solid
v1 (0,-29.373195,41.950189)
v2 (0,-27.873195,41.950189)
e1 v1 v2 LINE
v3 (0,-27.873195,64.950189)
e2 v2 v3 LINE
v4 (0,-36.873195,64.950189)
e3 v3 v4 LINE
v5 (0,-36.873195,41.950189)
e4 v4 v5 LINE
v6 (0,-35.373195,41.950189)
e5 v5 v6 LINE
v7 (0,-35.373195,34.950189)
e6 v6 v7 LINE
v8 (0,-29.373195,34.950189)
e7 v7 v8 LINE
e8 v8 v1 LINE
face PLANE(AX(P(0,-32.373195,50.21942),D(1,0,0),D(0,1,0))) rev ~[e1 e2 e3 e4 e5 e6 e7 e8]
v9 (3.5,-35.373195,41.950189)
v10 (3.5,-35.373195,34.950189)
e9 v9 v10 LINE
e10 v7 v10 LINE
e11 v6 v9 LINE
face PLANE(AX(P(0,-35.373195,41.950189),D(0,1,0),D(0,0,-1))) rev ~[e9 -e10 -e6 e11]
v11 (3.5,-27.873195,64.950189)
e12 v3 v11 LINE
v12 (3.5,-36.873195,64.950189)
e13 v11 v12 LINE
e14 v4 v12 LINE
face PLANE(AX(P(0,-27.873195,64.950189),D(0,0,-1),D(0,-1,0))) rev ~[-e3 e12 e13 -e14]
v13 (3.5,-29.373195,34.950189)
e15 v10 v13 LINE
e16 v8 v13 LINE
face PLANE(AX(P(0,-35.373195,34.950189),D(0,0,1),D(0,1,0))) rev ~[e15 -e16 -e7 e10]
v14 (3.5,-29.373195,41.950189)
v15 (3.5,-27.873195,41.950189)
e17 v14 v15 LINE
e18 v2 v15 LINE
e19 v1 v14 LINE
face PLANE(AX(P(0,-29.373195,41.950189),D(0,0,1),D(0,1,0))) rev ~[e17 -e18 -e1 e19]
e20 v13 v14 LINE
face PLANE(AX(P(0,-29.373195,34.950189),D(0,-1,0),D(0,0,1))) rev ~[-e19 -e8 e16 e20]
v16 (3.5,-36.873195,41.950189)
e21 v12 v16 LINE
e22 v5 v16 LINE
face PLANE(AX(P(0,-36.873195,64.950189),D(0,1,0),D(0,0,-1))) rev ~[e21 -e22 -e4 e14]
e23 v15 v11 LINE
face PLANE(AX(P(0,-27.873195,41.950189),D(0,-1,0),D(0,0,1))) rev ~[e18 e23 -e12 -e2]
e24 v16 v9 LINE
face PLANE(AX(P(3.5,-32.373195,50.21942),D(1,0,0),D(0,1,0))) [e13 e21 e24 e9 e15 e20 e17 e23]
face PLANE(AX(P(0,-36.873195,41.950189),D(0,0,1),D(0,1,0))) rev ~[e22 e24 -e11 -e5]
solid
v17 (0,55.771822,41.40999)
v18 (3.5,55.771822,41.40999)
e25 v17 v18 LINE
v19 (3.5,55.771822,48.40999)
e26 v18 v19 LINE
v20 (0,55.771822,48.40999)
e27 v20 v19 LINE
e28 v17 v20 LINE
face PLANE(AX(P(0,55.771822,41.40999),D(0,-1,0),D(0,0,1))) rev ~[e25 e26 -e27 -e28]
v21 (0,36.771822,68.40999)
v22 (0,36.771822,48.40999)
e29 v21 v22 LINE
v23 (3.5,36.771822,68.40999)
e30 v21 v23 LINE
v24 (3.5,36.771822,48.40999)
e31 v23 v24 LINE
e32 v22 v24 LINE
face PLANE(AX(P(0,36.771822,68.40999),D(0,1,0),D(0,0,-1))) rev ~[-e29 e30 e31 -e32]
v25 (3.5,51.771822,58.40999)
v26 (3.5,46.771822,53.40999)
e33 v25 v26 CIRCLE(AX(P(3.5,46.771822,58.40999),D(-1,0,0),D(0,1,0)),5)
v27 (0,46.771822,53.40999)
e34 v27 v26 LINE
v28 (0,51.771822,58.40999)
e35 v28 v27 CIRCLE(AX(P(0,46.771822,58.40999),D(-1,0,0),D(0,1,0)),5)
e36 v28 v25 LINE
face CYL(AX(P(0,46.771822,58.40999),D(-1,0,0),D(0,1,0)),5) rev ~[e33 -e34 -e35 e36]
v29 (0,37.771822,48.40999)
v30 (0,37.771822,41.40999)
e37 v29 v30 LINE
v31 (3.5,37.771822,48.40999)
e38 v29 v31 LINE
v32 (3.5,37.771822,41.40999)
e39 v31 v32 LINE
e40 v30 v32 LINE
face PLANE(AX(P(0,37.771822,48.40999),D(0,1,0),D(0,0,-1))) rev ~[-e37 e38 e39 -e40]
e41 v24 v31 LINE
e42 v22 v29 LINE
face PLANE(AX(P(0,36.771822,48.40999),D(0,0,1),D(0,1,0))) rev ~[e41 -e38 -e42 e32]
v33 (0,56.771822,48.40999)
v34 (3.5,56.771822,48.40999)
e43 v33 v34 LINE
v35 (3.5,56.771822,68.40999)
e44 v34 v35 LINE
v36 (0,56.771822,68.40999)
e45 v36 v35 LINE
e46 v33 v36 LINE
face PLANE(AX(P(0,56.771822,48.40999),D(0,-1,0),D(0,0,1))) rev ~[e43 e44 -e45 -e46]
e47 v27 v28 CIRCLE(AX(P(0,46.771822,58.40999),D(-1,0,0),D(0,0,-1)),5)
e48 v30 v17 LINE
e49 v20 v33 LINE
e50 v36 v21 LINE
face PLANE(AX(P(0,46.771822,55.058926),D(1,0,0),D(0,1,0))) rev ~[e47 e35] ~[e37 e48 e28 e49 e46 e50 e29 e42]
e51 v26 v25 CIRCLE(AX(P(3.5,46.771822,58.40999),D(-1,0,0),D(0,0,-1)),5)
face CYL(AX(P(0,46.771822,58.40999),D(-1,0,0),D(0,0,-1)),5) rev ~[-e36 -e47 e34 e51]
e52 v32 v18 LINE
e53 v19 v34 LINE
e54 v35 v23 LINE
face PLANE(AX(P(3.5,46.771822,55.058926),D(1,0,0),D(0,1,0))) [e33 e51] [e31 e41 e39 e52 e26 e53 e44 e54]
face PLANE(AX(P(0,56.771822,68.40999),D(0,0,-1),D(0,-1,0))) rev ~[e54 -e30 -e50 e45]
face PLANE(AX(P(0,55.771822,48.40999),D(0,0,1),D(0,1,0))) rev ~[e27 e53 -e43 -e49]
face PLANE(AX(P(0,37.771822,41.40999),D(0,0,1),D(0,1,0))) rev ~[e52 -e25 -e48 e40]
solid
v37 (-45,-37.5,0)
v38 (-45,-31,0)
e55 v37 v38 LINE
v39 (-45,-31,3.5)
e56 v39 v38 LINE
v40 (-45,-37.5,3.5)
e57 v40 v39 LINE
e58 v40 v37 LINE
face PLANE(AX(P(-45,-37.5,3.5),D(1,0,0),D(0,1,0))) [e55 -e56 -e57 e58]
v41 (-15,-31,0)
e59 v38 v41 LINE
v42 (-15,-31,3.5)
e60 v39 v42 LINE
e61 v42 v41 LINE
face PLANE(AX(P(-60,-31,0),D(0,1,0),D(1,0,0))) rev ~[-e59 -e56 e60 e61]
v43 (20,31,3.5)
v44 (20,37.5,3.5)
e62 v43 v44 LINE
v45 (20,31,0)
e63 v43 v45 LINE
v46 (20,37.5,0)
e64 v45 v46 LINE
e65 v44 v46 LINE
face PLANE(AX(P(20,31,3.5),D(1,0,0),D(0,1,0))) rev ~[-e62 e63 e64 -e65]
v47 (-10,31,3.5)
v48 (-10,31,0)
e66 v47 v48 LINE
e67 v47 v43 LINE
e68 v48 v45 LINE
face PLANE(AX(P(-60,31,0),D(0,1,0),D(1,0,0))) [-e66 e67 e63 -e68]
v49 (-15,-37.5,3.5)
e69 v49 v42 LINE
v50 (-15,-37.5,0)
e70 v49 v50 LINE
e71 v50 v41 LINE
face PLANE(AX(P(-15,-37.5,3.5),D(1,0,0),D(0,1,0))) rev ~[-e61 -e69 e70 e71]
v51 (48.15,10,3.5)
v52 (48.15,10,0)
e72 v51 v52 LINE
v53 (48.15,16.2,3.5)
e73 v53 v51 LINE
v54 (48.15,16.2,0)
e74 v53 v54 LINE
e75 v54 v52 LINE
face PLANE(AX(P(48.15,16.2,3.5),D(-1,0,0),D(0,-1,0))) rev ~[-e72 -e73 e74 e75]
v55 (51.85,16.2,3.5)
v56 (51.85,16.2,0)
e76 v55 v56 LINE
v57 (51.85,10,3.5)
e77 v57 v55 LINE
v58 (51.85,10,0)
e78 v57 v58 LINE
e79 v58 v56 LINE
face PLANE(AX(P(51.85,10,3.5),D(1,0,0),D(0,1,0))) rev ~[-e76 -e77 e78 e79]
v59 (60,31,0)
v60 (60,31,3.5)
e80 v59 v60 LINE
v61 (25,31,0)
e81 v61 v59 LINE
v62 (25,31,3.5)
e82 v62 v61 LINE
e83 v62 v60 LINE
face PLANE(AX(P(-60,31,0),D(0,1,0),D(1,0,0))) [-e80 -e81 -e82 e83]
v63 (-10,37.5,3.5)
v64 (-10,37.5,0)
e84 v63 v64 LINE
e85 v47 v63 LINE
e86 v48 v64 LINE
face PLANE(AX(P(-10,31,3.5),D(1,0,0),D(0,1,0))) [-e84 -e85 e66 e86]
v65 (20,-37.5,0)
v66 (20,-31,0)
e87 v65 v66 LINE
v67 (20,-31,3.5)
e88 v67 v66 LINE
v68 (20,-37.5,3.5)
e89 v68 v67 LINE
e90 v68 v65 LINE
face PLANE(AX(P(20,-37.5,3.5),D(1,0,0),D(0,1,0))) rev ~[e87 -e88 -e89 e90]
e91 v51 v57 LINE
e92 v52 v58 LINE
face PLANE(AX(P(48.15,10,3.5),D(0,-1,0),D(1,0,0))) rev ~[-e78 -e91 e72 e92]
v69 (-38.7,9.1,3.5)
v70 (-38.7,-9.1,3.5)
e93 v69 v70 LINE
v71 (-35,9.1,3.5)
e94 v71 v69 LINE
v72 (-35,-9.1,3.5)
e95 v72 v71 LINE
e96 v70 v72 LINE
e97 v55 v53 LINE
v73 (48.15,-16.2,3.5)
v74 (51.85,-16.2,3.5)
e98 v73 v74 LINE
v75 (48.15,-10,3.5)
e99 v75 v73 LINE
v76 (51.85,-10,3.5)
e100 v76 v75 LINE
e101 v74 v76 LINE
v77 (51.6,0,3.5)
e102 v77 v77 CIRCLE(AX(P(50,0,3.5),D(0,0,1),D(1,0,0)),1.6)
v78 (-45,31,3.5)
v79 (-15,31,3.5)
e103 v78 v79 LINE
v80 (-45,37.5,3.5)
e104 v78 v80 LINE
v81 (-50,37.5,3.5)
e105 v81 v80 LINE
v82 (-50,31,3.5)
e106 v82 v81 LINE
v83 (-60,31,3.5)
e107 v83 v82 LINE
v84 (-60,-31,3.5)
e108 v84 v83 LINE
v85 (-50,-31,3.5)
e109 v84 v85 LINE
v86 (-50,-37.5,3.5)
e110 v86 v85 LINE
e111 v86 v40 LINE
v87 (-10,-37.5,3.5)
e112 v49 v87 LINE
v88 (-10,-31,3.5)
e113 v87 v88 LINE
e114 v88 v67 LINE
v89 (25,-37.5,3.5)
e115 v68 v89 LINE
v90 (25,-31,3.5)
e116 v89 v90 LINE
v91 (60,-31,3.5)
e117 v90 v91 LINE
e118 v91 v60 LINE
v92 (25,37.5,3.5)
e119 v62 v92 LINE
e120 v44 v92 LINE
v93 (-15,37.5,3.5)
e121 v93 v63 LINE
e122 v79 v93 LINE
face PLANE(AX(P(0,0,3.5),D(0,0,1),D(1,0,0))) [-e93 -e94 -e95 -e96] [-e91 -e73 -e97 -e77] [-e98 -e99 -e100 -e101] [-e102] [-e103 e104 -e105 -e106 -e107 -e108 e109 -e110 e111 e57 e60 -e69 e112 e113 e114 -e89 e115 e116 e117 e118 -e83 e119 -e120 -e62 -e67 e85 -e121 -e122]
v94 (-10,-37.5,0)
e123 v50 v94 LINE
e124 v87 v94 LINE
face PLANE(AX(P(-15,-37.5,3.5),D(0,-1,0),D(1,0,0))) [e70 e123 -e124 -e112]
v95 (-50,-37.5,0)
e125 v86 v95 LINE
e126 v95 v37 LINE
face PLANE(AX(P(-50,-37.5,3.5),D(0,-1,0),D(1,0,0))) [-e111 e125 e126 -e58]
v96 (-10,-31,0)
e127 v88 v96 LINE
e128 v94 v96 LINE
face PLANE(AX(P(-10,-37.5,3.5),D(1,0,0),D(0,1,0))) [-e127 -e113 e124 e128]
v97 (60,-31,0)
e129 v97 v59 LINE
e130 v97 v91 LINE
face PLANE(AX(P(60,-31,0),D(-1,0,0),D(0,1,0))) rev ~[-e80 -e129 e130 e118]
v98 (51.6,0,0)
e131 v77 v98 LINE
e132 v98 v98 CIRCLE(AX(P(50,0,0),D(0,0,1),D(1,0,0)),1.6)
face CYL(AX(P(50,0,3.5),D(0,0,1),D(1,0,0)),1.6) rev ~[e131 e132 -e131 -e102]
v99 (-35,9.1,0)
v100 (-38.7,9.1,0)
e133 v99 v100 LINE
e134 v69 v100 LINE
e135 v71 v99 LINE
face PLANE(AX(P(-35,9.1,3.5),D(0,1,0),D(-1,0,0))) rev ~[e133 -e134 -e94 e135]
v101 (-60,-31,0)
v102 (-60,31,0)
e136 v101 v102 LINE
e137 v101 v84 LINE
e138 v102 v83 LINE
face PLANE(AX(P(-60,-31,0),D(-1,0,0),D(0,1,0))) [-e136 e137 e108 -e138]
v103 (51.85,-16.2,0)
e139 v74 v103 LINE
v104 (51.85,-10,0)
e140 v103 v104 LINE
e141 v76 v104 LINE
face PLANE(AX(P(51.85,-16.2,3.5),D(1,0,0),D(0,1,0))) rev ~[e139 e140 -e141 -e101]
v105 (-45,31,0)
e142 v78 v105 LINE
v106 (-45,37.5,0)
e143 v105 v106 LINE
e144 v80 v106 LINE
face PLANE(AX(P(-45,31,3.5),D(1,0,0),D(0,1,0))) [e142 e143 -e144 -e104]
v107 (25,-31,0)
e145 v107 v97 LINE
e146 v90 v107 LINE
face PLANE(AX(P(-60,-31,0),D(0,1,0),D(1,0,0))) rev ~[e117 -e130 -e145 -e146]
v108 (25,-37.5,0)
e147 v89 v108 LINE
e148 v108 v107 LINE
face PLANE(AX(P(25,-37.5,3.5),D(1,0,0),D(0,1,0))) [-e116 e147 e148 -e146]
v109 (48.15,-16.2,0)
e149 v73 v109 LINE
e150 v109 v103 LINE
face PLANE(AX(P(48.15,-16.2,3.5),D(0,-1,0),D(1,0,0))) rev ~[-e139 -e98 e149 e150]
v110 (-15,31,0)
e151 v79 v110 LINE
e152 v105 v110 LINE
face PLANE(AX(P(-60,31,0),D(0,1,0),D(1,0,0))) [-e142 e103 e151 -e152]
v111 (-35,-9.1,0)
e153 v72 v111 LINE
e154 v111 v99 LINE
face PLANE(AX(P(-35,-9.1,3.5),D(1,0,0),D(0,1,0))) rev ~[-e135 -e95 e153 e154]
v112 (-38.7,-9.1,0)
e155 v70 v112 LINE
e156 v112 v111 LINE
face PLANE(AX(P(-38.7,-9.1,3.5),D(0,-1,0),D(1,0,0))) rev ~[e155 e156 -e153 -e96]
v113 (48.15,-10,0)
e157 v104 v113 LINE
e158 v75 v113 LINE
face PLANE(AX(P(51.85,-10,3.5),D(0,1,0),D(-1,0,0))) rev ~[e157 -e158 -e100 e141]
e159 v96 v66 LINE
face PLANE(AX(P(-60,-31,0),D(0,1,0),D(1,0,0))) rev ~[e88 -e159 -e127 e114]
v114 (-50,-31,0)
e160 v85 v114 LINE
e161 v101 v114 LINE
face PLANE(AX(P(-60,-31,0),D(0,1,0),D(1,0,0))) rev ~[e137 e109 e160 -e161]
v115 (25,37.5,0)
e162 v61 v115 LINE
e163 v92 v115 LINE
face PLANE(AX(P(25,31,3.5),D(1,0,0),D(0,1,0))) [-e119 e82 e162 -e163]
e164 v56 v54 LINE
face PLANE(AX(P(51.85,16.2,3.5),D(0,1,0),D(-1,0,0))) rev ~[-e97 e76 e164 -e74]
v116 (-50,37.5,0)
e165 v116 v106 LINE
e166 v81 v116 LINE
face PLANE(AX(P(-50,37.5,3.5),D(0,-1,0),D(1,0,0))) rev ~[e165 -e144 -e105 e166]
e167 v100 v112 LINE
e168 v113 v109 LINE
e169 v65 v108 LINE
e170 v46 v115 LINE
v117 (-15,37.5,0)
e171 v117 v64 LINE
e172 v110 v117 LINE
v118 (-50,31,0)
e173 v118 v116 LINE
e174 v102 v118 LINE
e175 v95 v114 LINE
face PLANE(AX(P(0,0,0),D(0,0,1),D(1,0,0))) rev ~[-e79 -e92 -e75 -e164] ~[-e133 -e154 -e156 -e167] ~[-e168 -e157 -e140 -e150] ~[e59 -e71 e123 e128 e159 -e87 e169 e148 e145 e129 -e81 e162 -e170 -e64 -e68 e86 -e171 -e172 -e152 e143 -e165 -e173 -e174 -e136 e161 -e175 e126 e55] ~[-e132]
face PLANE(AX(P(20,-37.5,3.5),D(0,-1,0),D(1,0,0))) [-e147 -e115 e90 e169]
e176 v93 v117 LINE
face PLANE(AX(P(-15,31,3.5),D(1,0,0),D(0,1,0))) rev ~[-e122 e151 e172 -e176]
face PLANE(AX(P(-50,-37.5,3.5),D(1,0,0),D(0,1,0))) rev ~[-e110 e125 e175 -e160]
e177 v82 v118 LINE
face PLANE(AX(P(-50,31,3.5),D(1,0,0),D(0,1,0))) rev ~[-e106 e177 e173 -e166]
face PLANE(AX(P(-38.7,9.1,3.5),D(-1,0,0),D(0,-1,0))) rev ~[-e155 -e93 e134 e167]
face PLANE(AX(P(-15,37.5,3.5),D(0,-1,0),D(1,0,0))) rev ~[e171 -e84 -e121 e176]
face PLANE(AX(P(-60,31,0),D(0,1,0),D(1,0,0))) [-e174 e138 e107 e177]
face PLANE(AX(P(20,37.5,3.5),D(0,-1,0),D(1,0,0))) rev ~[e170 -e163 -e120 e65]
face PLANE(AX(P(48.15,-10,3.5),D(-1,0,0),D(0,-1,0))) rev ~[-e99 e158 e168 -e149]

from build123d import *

# Parameters (mm, degrees)
F0_W      = 120
F0_H      = 62
F1_DEPTH  = 3.5
F2_W      = 5
F2_H      = 6.5
F3_DEPTH  = 3.5
F4_R      = 1.6
F5_DEPTH  = 3.501
F7_DEPTH  = 3.501
F9_DEPTH  = 3.5
F11_DEPTH = 3.5


with BuildPart() as f1:
    # F0 (on Top) → F1 (new body)
    with BuildSketch(Plane.XY):
        Rectangle(F0_W, F0_H)
    extrude(amount=F1_DEPTH)

    # F2 (on face) → F3 (join)
    with BuildSketch(Plane.XY.offset(3.5)):
        with Locations((-47.5, 34.25)):
            Rectangle(F2_W, F2_H)
        with Locations((-12.5, 34.25)):
            Rectangle(F2_W, F2_H)
        with Locations((22.5, 34.25)):
            Rectangle(F2_W, F2_H)
        with Locations((-47.5, -34.25)):
            Rectangle(F2_W, F2_H)
        with Locations((-12.5, -34.25)):
            Rectangle(F2_W, F2_H)
        with Locations((22.5, -34.25)):
            Rectangle(F2_W, F2_H)
    extrude(amount=-F3_DEPTH)

    # F4 (on face) → F5 (cut, through all)
    with BuildSketch(Plane.XY.offset(3.5)):
        with Locations((50, 0)):
            Circle(F4_R)
    extrude(amount=-F5_DEPTH, mode=Mode.SUBTRACT)

    # F6 (on face) → F7 (cut, through all)
    with BuildSketch(Plane.XY.offset(3.5)):
        Polygon((-35, -9.1), (-35, 0), (-35, 9.1), (-38.7, 9.1), (-38.7, -9.1), align=None)
        Polygon((48.15, 10), (50, 10), (51.85, 10), (51.85, 16.2), (48.15, 16.2), align=None)
        Polygon((51.85, -10), (50, -10), (48.15, -10), (48.15, -16.2), (51.85, -16.2), align=None)
    extrude(amount=-F7_DEPTH, mode=Mode.SUBTRACT)


with BuildPart() as f9:
    # F8 (on Right) → F9 (new body)
    with BuildSketch(Plane.YZ):
        Polygon((-35.3731953984, 41.9501893669), (-35.3731953984, 34.9501893669), (-29.3731953984, 34.9501893669), (-29.3731953984, 41.9501893669), (-27.8731953984, 41.9501893669), (-27.8731953984, 64.9501893669), (-36.8731953984, 64.9501893669), (-36.8731953984, 41.9501893669), align=None)
    extrude(amount=F9_DEPTH)


with BuildPart() as f11:
    # F10 (on Right) → F11 (new body)
    with BuildSketch(Plane.YZ):
        Polygon((37.7718215659, 48.4099896544), (37.7718215659, 41.4099896544), (46.7718215659, 41.4099896544), (55.7718215659, 41.4099896544), (55.7718215659, 48.4099896544), (56.7718215659, 48.4099896544), (56.7718215659, 68.4099896544), (36.7718215659, 68.4099896544), (36.7718215659, 48.4099896544), align=None)
        with BuildLine():
            ThreePointArc((51.7718215659, 58.4099896544), (50.3073554719, 54.8744557485), (46.7718215659, 53.4099896544))
            ThreePointArc((46.7718215659, 53.4099896544), (43.23628766, 61.9455235603), (51.7718215659, 58.4099896544))
        make_face(mode=Mode.SUBTRACT)
    extrude(amount=F11_DEPTH)


solid = Compound([f1.part, f9.part, f11.part])
